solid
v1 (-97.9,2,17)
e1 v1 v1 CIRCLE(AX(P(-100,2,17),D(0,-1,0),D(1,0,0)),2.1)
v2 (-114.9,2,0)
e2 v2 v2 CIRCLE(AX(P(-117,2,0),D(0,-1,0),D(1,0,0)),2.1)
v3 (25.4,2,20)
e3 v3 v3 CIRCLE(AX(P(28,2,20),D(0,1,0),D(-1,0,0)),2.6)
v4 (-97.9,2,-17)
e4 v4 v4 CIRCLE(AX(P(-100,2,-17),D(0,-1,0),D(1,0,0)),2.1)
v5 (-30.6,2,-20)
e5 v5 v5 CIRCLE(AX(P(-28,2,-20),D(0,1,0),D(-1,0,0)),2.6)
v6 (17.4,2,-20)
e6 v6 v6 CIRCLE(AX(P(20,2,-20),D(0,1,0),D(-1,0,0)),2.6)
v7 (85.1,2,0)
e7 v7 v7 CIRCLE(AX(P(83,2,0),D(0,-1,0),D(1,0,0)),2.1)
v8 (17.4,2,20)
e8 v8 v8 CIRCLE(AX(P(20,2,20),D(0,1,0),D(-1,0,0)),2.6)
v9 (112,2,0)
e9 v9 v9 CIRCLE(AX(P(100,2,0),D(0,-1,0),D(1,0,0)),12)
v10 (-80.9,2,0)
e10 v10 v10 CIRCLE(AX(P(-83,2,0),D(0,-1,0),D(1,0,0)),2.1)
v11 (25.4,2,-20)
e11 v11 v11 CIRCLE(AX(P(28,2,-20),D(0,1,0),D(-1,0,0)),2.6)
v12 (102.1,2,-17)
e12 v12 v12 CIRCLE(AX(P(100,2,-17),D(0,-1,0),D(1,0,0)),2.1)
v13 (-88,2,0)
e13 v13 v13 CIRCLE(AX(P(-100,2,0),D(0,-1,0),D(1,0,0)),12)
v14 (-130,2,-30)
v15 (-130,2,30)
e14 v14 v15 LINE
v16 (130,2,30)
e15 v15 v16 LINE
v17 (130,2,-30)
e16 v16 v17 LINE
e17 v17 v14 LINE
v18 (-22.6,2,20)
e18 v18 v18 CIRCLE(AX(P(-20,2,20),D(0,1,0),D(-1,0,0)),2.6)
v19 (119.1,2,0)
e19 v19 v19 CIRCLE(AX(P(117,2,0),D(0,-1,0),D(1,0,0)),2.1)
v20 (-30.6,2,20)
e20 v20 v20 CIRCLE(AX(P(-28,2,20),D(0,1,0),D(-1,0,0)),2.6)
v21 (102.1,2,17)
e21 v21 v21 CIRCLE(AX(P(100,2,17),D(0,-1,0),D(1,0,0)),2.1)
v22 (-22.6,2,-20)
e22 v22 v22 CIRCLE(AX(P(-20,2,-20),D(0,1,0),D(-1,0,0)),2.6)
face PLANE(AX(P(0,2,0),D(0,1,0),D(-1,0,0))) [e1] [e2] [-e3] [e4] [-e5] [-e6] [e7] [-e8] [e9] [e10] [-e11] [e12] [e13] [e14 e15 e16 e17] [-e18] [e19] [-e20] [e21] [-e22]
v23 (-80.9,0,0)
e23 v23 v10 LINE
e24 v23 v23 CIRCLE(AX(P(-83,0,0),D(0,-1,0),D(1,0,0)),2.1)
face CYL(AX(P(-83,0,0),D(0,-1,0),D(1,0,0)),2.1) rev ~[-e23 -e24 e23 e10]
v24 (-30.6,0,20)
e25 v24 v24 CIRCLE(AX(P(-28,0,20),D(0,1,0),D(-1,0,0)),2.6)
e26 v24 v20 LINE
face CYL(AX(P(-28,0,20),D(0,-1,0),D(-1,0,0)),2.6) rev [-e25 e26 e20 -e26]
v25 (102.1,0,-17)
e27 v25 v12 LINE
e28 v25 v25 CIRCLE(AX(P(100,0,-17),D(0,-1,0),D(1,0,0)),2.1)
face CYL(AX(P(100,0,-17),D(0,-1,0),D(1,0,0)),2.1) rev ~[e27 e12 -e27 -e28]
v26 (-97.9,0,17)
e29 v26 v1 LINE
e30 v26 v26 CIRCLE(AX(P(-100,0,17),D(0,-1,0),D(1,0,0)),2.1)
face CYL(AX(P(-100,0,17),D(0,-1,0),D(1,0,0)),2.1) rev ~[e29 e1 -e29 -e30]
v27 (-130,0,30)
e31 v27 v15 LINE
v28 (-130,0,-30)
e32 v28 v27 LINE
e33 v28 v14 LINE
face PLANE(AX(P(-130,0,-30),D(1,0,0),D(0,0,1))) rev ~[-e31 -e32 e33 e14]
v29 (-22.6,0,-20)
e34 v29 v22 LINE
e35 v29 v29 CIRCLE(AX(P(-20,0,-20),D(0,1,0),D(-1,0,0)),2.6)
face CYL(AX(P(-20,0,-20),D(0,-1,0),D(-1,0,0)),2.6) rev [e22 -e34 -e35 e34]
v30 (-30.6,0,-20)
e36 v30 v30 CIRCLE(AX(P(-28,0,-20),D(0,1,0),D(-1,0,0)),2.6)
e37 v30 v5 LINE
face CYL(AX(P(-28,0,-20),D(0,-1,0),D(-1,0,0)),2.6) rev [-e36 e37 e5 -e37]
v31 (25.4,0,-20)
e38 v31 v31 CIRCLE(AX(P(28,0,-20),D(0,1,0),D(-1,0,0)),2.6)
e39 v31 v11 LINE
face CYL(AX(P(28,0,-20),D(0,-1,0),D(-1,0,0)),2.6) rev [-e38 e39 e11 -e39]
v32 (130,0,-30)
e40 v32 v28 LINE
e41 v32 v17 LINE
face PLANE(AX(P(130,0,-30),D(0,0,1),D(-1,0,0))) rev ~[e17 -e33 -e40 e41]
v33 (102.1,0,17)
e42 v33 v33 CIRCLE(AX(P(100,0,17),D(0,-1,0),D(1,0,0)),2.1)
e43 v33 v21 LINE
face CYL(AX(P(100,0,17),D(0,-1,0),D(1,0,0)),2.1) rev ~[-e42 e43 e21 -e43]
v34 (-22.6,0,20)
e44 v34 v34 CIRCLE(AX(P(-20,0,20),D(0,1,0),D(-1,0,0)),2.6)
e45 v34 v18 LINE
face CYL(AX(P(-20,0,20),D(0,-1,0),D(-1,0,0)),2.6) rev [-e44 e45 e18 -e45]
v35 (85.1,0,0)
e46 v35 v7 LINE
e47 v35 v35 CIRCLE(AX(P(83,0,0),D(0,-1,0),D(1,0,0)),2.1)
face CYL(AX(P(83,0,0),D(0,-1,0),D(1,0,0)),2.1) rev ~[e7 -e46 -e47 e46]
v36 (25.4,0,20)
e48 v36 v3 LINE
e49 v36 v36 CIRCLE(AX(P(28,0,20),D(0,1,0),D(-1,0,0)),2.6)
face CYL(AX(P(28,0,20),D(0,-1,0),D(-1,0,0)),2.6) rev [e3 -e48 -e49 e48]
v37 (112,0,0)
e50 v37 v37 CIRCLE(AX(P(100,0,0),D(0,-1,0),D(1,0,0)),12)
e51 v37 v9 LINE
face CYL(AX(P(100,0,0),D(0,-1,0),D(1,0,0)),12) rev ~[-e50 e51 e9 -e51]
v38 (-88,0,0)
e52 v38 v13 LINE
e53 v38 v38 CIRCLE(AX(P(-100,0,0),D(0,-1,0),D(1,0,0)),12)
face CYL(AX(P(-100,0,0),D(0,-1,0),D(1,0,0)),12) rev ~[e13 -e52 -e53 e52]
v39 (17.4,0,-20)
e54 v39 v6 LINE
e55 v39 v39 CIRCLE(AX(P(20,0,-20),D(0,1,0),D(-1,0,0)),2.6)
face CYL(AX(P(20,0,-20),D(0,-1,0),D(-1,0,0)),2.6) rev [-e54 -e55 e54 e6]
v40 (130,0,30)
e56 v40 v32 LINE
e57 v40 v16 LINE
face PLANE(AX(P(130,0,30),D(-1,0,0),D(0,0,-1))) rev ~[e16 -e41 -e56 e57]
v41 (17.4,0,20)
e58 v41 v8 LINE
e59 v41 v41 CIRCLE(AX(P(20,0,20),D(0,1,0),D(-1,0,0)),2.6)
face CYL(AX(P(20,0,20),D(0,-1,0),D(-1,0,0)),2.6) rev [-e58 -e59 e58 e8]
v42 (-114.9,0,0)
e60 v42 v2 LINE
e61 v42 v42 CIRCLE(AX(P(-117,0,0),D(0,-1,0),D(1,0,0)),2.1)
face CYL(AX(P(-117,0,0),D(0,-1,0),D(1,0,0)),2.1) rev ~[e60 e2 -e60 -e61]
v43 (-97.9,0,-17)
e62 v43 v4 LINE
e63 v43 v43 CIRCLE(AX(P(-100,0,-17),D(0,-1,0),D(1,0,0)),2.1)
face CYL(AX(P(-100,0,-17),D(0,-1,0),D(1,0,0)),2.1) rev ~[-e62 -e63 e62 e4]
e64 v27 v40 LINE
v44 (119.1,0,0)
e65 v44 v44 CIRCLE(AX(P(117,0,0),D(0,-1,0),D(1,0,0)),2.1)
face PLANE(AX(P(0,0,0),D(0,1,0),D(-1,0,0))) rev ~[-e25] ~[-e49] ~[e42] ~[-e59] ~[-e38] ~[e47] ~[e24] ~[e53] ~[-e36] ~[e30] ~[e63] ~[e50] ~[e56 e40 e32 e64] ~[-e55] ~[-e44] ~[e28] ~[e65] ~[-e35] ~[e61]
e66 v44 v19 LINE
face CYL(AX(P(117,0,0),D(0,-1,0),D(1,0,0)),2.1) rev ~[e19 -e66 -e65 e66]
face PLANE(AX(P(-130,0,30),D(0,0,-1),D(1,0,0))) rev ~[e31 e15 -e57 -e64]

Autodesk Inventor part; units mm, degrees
ref_plane "YZ Plane" through (0, 0, 0) normal (1, 0, 0) x (0, 1, 0)
ref_plane "XZ Plane" through (0, 0, 0) normal (0, 1, 0) x (-1, 0, 0)
ref_plane "XY Plane" through (0, 0, 0) normal (0, 0, 1) x (1, 0, 0)
sketch "スケッチ1" plane through (0, 0, 0) normal (0, 1, 0) x (-1, 0, 0)
  line L0 (-130, -30) -> (130, -30)
  line L1 (130, -30) -> (130, 30)
  line L2 (130, 30) -> (-130, 30)
  line L3 (-130, 30) -> (-130, -30)
  line L4 (-130, -30) -> (130, 30) construction
  line L5 (130, -30) -> (-130, 30) construction
  circle A0 centre (-28, -20) radius 2.6
  circle A1 centre (-20, -20) radius 2.6
  circle A2 centre (20, -20) radius 2.6
  circle A3 centre (28, -20) radius 2.6
  circle A4 centre (-28, 20) radius 2.6
  circle A5 centre (-20, 20) radius 2.6
  circle A6 centre (20, 20) radius 2.6
  circle A7 centre (28, 20) radius 2.6
  point P0 (0, 0)
  dimension "d0" = 260
  dimension "d1" = 60
  dimension "d2" = 5.2
  dimension "d4" = 5.2
  dimension "d5" = 8
  dimension "d6" = 5.2
  dimension "d7" = 40
  dimension "d8" = 5.2
  dimension "d9" = 8
  dimension "d10" = 5.2
  dimension "d12" = 5.2
  dimension "d13" = 5.2
  dimension "d14" = 5.2
  dimension "d16" = 40
  dimension "d17" = 8
  dimension "d18" = 8
  dimension "d20" = 10
  dimension "d21" = 158
  dimension "d22" = 50
  dimension "d23" = 158
extrude "押し出し1" add sketch "スケッチ1" along normal blind 2
sketch "スケッチ2" plane through (0, 0, 0) normal (0, -1, 0) x (1, 0, 0)
  circle A0 centre (-100, 0) radius 12
  circle A1 centre (100, 0) radius 12
  line L0 (-130, -30) -> (-130, 30) projected
  line L1 (130, 30) -> (130, -30) projected
  point P0 (0, 0)
  dimension "d26" = 24
  dimension "d27" = 24
  dimension "d28" = 30
  dimension "d29" = 30
extrude "押し出し2" cut sketch "スケッチ2" against normal blind 10
sketch "スケッチ3" plane through (0, 0, 0) normal (0, -1, 0) x (1, 0, 0)
  circle A0 centre (-100, 0) radius 12 projected
  circle A1 centre (-100, 17) radius 2.1
  circle A2 centre (-83, 0) radius 2.1
  circle A3 centre (-100, -17) radius 2.1
  circle A4 centre (-117, 0) radius 2.1
  circle A5 centre (100, 0) radius 12 projected
  circle A6 centre (100, 17) radius 2.1
  circle A7 centre (117, 0) radius 2.1
  circle A8 centre (83, 0) radius 2.1
  circle A9 centre (100, -17) radius 2.1
  point P0 (0, 0)
  dimension "d33" = 4.2
  dimension "d34" = 4.2
  dimension "d35" = 4.2
  dimension "d36" = 4.2
  dimension "d38" = 4.2
  dimension "d39" = 4.2
  dimension "d40" = 4.2
  dimension "d41" = 4.2
extrude "押し出し3" cut sketch "スケッチ3" against normal blind 10 contours A1 | A2 | A3 | A4 | A6 | A7 | A8 | A9
properties part number "UpperArm2"
